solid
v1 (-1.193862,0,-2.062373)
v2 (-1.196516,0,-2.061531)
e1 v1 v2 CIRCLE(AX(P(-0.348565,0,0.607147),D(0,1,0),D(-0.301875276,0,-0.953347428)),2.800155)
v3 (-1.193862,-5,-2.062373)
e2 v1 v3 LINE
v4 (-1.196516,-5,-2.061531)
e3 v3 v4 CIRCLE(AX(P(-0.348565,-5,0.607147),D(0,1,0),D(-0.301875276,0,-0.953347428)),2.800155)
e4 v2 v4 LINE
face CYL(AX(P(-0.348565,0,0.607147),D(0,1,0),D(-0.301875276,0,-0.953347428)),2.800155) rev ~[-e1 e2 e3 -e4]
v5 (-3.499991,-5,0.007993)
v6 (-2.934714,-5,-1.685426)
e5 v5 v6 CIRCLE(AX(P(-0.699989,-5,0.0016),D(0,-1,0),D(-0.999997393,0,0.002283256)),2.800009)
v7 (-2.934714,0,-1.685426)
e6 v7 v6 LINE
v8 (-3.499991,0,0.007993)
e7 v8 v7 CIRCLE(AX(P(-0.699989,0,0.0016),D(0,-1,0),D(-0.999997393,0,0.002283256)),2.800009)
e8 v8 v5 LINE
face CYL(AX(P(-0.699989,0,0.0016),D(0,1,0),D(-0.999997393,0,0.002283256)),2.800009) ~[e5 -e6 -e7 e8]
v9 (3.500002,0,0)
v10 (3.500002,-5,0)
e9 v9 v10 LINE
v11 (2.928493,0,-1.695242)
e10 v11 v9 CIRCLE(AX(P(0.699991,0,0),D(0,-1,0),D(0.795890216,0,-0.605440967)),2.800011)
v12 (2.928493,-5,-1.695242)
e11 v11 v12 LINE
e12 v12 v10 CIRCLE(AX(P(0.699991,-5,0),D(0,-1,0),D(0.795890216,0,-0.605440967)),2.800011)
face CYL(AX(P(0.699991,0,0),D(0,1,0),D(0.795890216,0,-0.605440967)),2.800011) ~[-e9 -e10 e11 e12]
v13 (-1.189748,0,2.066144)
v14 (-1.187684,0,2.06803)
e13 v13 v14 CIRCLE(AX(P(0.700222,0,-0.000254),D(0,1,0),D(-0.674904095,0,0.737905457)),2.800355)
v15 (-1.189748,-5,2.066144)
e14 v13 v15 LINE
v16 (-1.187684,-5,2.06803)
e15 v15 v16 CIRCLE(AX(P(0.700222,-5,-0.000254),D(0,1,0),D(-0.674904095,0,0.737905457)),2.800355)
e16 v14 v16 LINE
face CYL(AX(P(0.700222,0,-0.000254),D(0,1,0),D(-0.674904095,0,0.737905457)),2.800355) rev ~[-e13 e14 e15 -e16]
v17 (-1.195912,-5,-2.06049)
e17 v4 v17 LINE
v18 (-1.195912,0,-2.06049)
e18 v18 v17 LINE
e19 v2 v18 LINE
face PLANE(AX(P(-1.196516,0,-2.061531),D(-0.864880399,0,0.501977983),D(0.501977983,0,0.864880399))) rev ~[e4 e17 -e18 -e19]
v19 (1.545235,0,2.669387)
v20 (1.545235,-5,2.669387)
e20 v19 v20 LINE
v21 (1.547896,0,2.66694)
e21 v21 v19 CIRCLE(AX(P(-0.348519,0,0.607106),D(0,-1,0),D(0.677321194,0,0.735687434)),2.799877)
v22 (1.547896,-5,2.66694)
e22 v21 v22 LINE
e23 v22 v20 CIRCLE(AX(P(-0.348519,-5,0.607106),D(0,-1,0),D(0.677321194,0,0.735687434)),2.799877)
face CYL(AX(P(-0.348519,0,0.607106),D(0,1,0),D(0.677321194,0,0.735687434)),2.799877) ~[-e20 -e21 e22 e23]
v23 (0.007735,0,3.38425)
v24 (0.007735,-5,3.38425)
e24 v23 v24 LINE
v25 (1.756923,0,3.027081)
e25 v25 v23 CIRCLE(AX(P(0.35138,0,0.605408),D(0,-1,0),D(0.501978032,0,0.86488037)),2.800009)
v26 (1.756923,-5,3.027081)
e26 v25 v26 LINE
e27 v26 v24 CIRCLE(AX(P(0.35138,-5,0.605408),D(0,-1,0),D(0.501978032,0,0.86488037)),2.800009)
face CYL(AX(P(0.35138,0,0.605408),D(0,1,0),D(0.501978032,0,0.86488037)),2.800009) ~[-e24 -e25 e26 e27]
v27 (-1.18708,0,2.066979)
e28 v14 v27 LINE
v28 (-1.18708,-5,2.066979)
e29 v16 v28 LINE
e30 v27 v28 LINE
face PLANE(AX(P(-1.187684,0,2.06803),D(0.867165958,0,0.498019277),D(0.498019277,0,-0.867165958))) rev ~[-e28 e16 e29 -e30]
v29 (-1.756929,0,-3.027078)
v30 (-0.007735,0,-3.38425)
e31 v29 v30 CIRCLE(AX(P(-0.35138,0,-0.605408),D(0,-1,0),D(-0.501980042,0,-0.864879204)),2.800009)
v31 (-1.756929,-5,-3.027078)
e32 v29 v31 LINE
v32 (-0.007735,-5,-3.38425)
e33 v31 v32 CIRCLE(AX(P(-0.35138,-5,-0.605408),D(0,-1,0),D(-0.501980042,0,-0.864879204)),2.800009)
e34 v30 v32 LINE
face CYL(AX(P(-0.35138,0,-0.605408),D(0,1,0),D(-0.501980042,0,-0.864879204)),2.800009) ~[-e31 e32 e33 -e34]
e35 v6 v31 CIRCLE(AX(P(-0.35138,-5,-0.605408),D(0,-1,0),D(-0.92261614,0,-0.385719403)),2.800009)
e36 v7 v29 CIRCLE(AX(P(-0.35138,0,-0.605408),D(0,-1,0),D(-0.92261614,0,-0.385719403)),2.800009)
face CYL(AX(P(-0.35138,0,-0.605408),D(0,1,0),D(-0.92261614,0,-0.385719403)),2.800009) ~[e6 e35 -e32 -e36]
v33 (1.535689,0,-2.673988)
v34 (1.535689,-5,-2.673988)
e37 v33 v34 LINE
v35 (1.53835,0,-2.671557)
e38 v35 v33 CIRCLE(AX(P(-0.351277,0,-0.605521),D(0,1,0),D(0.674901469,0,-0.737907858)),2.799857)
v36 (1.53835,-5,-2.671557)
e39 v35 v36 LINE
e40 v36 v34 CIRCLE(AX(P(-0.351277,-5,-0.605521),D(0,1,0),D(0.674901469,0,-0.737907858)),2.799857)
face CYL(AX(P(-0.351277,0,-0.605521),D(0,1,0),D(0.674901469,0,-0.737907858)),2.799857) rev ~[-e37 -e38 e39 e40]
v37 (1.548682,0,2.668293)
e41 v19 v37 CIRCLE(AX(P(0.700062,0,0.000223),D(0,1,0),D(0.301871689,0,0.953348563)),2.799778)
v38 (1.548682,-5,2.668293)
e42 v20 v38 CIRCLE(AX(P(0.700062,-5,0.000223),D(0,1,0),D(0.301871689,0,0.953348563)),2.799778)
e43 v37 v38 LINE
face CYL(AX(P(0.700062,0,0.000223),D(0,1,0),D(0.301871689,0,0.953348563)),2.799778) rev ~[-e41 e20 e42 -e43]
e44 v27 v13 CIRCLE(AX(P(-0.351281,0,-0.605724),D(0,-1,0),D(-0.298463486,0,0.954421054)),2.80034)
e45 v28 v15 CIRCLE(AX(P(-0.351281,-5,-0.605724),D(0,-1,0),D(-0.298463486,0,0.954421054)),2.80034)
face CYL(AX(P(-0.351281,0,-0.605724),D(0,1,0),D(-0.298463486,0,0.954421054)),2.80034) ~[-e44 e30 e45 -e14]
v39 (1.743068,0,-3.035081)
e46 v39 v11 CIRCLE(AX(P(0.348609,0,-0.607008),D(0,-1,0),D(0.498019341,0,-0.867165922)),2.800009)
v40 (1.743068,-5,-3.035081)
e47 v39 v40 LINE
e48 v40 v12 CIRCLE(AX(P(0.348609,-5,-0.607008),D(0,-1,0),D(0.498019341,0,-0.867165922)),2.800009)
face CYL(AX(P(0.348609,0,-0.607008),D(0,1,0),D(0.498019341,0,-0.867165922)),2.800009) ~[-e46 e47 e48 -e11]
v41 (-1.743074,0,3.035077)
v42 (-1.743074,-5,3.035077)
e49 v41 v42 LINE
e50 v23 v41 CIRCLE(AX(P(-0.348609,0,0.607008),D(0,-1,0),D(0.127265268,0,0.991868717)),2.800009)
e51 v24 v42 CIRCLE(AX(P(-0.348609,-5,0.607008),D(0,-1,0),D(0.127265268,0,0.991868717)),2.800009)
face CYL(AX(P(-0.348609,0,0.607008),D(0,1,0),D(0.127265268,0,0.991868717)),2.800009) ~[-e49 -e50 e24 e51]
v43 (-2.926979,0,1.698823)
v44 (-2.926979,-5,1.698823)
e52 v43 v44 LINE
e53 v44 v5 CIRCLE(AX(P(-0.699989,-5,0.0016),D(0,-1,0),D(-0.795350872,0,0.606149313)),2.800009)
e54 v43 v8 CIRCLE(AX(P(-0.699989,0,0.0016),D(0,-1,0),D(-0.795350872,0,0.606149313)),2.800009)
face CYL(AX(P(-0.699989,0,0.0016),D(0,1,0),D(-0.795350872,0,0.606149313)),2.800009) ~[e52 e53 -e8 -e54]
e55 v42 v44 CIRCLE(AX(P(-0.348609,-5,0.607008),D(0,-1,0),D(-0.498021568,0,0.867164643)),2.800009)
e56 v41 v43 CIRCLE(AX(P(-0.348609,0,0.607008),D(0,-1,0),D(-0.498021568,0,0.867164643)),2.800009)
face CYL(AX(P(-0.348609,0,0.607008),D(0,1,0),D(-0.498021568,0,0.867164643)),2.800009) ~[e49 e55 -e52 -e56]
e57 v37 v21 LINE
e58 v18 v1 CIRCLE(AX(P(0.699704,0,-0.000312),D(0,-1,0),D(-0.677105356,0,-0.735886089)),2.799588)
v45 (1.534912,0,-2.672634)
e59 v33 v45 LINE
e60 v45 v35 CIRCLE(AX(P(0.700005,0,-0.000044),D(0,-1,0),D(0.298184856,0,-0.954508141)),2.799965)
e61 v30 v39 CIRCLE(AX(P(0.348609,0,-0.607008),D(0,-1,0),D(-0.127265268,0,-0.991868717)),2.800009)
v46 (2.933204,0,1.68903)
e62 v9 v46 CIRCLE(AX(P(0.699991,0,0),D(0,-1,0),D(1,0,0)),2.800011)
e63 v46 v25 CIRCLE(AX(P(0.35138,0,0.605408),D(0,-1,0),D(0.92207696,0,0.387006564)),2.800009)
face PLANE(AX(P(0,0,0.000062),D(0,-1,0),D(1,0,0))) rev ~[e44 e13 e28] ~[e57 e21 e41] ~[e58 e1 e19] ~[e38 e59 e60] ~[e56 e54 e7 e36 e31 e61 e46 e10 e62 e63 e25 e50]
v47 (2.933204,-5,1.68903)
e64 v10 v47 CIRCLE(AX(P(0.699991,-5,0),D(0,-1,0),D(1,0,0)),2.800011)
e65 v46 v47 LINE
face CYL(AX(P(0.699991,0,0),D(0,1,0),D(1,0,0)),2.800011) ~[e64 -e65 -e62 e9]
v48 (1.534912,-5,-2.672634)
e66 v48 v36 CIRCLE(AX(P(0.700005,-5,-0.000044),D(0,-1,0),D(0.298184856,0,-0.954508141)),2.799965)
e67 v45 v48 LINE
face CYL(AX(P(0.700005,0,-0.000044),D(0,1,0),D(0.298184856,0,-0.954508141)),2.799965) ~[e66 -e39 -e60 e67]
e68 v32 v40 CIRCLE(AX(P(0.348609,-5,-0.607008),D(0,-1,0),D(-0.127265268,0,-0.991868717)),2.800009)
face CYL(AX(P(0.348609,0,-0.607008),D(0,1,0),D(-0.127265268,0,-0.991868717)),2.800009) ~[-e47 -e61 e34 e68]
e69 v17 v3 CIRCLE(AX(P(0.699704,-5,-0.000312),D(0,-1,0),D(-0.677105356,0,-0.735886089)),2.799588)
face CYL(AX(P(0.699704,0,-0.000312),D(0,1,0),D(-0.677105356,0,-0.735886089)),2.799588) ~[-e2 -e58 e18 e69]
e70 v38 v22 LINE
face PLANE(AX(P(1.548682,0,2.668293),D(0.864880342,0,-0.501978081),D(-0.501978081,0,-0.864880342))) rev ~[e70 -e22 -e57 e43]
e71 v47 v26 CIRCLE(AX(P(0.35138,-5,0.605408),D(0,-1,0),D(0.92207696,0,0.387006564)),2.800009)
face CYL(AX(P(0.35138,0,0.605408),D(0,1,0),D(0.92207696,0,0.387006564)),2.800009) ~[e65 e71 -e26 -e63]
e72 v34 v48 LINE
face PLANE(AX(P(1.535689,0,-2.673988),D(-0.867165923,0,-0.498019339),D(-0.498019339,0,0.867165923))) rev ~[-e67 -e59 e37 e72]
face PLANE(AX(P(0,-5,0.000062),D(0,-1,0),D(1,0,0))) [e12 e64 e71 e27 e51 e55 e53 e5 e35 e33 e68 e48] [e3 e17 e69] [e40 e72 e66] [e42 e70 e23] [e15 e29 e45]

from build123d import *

# Parameters (mm, degrees)
F1_DEPTH = 5


with BuildPart() as f1:
    # F0 (on Front) → F1 (new body)
    with BuildSketch(Plane.XZ):
        with BuildLine():
            ThreePointArc((2.9284925577, -1.6952416251), (3.3532807233, -0.8944925288), (3.5000022854, 0))
            ThreePointArc((3.5000022854, 0), (3.3545234158, 0.8907978968), (2.9332039607, 1.6890302635))
            ThreePointArc((2.9332039607, 1.6890302635), (2.4543229888, 2.4541057707), (1.7569231241, 3.02708129))
            ThreePointArc((1.7569231241, 3.02708129), (0.911557818, 3.3488098949), (0.0077349279, 3.3842496928))
            ThreePointArc((0.0077349279, 3.3842496928), (-0.8962440701, 3.3529410301), (-1.7430739301, 3.0350771447))
            ThreePointArc((-1.7430739301, 3.0350771447), (-2.4443779015, 2.463834501), (-2.9269787428, 1.6988234905))
            ThreePointArc((-2.9269787428, 1.6988234905), (-3.3518540257, 0.9003007329), (-3.4999908731, 0.0079930085))
            ThreePointArc((-3.4999908731, 0.0079930085), (-3.3559323365, -0.8849757575), (-2.9347136707, -1.6854262023))
            ThreePointArc((-2.9347136707, -1.6854262023), (-2.4556145775, -2.4526355181), (-1.7569287516, -3.0270780237))
            ThreePointArc((-1.7569287516, -3.0270780237), (-0.9115610056, -3.3488092441), (-0.0077349279, -3.3842496928))
            ThreePointArc((-0.0077349279, -3.3842496928), (0.8962405431, -3.3529417335), (1.7430676926, -3.0350807269))
            ThreePointArc((1.7430676926, -3.0350807269), (2.4456643837, -2.4623814558), (2.9284925577, -1.6952416251))
        make_face()
        with BuildLine():
            ThreePointArc((-1.1938624273, -2.0623733231), (-1.1951895277, -2.0619527368), (-1.1965164187, -2.0615314908))
            Line((-1.1965164187, -2.0615314908), (-1.1959117105, -2.0604896119))
            ThreePointArc((-1.1959117105, -2.0604896119), (-1.194887303, -2.0614317222), (-1.1938624273, -2.0623733231))
        make_face(mode=Mode.SUBTRACT)
        with BuildLine():
            ThreePointArc((1.5383501674, -2.6715571602), (1.5370201837, -2.6727727973), (1.535689418, -2.6739875782))
            Line((1.535689418, -2.6739875782), (1.5349118756, -2.6726336985))
            ThreePointArc((1.5349118756, -2.6726336985), (1.5366311946, -2.6720959824), (1.5383501674, -2.6715571602))
        make_face(mode=Mode.SUBTRACT)
        with BuildLine():
            Line((-1.1876838413, 2.0680300335), (-1.1870804324, 2.06697936))
            ThreePointArc((-1.1870804324, 2.06697936), (-1.188414568, 2.0665617878), (-1.1897484951, 2.0661435496))
            ThreePointArc((-1.1897484951, 2.0661435496), (-1.1887164037, 2.0670870493), (-1.1876838413, 2.0680300335))
        make_face(mode=Mode.SUBTRACT)
        with BuildLine():
            ThreePointArc((1.5452351584, 2.6693868331), (1.5469586797, 2.6688404788), (1.5486818478, 2.6682930116))
            Line((1.5486818478, 2.6682930116), (1.5478964631, 2.6669398374))
            ThreePointArc((1.5478964631, 2.6669398374), (1.5465662057, 2.6681637648), (1.5452351584, 2.6693868331))
        make_face(mode=Mode.SUBTRACT)
    extrude(amount=F1_DEPTH)


solid = f1.part
